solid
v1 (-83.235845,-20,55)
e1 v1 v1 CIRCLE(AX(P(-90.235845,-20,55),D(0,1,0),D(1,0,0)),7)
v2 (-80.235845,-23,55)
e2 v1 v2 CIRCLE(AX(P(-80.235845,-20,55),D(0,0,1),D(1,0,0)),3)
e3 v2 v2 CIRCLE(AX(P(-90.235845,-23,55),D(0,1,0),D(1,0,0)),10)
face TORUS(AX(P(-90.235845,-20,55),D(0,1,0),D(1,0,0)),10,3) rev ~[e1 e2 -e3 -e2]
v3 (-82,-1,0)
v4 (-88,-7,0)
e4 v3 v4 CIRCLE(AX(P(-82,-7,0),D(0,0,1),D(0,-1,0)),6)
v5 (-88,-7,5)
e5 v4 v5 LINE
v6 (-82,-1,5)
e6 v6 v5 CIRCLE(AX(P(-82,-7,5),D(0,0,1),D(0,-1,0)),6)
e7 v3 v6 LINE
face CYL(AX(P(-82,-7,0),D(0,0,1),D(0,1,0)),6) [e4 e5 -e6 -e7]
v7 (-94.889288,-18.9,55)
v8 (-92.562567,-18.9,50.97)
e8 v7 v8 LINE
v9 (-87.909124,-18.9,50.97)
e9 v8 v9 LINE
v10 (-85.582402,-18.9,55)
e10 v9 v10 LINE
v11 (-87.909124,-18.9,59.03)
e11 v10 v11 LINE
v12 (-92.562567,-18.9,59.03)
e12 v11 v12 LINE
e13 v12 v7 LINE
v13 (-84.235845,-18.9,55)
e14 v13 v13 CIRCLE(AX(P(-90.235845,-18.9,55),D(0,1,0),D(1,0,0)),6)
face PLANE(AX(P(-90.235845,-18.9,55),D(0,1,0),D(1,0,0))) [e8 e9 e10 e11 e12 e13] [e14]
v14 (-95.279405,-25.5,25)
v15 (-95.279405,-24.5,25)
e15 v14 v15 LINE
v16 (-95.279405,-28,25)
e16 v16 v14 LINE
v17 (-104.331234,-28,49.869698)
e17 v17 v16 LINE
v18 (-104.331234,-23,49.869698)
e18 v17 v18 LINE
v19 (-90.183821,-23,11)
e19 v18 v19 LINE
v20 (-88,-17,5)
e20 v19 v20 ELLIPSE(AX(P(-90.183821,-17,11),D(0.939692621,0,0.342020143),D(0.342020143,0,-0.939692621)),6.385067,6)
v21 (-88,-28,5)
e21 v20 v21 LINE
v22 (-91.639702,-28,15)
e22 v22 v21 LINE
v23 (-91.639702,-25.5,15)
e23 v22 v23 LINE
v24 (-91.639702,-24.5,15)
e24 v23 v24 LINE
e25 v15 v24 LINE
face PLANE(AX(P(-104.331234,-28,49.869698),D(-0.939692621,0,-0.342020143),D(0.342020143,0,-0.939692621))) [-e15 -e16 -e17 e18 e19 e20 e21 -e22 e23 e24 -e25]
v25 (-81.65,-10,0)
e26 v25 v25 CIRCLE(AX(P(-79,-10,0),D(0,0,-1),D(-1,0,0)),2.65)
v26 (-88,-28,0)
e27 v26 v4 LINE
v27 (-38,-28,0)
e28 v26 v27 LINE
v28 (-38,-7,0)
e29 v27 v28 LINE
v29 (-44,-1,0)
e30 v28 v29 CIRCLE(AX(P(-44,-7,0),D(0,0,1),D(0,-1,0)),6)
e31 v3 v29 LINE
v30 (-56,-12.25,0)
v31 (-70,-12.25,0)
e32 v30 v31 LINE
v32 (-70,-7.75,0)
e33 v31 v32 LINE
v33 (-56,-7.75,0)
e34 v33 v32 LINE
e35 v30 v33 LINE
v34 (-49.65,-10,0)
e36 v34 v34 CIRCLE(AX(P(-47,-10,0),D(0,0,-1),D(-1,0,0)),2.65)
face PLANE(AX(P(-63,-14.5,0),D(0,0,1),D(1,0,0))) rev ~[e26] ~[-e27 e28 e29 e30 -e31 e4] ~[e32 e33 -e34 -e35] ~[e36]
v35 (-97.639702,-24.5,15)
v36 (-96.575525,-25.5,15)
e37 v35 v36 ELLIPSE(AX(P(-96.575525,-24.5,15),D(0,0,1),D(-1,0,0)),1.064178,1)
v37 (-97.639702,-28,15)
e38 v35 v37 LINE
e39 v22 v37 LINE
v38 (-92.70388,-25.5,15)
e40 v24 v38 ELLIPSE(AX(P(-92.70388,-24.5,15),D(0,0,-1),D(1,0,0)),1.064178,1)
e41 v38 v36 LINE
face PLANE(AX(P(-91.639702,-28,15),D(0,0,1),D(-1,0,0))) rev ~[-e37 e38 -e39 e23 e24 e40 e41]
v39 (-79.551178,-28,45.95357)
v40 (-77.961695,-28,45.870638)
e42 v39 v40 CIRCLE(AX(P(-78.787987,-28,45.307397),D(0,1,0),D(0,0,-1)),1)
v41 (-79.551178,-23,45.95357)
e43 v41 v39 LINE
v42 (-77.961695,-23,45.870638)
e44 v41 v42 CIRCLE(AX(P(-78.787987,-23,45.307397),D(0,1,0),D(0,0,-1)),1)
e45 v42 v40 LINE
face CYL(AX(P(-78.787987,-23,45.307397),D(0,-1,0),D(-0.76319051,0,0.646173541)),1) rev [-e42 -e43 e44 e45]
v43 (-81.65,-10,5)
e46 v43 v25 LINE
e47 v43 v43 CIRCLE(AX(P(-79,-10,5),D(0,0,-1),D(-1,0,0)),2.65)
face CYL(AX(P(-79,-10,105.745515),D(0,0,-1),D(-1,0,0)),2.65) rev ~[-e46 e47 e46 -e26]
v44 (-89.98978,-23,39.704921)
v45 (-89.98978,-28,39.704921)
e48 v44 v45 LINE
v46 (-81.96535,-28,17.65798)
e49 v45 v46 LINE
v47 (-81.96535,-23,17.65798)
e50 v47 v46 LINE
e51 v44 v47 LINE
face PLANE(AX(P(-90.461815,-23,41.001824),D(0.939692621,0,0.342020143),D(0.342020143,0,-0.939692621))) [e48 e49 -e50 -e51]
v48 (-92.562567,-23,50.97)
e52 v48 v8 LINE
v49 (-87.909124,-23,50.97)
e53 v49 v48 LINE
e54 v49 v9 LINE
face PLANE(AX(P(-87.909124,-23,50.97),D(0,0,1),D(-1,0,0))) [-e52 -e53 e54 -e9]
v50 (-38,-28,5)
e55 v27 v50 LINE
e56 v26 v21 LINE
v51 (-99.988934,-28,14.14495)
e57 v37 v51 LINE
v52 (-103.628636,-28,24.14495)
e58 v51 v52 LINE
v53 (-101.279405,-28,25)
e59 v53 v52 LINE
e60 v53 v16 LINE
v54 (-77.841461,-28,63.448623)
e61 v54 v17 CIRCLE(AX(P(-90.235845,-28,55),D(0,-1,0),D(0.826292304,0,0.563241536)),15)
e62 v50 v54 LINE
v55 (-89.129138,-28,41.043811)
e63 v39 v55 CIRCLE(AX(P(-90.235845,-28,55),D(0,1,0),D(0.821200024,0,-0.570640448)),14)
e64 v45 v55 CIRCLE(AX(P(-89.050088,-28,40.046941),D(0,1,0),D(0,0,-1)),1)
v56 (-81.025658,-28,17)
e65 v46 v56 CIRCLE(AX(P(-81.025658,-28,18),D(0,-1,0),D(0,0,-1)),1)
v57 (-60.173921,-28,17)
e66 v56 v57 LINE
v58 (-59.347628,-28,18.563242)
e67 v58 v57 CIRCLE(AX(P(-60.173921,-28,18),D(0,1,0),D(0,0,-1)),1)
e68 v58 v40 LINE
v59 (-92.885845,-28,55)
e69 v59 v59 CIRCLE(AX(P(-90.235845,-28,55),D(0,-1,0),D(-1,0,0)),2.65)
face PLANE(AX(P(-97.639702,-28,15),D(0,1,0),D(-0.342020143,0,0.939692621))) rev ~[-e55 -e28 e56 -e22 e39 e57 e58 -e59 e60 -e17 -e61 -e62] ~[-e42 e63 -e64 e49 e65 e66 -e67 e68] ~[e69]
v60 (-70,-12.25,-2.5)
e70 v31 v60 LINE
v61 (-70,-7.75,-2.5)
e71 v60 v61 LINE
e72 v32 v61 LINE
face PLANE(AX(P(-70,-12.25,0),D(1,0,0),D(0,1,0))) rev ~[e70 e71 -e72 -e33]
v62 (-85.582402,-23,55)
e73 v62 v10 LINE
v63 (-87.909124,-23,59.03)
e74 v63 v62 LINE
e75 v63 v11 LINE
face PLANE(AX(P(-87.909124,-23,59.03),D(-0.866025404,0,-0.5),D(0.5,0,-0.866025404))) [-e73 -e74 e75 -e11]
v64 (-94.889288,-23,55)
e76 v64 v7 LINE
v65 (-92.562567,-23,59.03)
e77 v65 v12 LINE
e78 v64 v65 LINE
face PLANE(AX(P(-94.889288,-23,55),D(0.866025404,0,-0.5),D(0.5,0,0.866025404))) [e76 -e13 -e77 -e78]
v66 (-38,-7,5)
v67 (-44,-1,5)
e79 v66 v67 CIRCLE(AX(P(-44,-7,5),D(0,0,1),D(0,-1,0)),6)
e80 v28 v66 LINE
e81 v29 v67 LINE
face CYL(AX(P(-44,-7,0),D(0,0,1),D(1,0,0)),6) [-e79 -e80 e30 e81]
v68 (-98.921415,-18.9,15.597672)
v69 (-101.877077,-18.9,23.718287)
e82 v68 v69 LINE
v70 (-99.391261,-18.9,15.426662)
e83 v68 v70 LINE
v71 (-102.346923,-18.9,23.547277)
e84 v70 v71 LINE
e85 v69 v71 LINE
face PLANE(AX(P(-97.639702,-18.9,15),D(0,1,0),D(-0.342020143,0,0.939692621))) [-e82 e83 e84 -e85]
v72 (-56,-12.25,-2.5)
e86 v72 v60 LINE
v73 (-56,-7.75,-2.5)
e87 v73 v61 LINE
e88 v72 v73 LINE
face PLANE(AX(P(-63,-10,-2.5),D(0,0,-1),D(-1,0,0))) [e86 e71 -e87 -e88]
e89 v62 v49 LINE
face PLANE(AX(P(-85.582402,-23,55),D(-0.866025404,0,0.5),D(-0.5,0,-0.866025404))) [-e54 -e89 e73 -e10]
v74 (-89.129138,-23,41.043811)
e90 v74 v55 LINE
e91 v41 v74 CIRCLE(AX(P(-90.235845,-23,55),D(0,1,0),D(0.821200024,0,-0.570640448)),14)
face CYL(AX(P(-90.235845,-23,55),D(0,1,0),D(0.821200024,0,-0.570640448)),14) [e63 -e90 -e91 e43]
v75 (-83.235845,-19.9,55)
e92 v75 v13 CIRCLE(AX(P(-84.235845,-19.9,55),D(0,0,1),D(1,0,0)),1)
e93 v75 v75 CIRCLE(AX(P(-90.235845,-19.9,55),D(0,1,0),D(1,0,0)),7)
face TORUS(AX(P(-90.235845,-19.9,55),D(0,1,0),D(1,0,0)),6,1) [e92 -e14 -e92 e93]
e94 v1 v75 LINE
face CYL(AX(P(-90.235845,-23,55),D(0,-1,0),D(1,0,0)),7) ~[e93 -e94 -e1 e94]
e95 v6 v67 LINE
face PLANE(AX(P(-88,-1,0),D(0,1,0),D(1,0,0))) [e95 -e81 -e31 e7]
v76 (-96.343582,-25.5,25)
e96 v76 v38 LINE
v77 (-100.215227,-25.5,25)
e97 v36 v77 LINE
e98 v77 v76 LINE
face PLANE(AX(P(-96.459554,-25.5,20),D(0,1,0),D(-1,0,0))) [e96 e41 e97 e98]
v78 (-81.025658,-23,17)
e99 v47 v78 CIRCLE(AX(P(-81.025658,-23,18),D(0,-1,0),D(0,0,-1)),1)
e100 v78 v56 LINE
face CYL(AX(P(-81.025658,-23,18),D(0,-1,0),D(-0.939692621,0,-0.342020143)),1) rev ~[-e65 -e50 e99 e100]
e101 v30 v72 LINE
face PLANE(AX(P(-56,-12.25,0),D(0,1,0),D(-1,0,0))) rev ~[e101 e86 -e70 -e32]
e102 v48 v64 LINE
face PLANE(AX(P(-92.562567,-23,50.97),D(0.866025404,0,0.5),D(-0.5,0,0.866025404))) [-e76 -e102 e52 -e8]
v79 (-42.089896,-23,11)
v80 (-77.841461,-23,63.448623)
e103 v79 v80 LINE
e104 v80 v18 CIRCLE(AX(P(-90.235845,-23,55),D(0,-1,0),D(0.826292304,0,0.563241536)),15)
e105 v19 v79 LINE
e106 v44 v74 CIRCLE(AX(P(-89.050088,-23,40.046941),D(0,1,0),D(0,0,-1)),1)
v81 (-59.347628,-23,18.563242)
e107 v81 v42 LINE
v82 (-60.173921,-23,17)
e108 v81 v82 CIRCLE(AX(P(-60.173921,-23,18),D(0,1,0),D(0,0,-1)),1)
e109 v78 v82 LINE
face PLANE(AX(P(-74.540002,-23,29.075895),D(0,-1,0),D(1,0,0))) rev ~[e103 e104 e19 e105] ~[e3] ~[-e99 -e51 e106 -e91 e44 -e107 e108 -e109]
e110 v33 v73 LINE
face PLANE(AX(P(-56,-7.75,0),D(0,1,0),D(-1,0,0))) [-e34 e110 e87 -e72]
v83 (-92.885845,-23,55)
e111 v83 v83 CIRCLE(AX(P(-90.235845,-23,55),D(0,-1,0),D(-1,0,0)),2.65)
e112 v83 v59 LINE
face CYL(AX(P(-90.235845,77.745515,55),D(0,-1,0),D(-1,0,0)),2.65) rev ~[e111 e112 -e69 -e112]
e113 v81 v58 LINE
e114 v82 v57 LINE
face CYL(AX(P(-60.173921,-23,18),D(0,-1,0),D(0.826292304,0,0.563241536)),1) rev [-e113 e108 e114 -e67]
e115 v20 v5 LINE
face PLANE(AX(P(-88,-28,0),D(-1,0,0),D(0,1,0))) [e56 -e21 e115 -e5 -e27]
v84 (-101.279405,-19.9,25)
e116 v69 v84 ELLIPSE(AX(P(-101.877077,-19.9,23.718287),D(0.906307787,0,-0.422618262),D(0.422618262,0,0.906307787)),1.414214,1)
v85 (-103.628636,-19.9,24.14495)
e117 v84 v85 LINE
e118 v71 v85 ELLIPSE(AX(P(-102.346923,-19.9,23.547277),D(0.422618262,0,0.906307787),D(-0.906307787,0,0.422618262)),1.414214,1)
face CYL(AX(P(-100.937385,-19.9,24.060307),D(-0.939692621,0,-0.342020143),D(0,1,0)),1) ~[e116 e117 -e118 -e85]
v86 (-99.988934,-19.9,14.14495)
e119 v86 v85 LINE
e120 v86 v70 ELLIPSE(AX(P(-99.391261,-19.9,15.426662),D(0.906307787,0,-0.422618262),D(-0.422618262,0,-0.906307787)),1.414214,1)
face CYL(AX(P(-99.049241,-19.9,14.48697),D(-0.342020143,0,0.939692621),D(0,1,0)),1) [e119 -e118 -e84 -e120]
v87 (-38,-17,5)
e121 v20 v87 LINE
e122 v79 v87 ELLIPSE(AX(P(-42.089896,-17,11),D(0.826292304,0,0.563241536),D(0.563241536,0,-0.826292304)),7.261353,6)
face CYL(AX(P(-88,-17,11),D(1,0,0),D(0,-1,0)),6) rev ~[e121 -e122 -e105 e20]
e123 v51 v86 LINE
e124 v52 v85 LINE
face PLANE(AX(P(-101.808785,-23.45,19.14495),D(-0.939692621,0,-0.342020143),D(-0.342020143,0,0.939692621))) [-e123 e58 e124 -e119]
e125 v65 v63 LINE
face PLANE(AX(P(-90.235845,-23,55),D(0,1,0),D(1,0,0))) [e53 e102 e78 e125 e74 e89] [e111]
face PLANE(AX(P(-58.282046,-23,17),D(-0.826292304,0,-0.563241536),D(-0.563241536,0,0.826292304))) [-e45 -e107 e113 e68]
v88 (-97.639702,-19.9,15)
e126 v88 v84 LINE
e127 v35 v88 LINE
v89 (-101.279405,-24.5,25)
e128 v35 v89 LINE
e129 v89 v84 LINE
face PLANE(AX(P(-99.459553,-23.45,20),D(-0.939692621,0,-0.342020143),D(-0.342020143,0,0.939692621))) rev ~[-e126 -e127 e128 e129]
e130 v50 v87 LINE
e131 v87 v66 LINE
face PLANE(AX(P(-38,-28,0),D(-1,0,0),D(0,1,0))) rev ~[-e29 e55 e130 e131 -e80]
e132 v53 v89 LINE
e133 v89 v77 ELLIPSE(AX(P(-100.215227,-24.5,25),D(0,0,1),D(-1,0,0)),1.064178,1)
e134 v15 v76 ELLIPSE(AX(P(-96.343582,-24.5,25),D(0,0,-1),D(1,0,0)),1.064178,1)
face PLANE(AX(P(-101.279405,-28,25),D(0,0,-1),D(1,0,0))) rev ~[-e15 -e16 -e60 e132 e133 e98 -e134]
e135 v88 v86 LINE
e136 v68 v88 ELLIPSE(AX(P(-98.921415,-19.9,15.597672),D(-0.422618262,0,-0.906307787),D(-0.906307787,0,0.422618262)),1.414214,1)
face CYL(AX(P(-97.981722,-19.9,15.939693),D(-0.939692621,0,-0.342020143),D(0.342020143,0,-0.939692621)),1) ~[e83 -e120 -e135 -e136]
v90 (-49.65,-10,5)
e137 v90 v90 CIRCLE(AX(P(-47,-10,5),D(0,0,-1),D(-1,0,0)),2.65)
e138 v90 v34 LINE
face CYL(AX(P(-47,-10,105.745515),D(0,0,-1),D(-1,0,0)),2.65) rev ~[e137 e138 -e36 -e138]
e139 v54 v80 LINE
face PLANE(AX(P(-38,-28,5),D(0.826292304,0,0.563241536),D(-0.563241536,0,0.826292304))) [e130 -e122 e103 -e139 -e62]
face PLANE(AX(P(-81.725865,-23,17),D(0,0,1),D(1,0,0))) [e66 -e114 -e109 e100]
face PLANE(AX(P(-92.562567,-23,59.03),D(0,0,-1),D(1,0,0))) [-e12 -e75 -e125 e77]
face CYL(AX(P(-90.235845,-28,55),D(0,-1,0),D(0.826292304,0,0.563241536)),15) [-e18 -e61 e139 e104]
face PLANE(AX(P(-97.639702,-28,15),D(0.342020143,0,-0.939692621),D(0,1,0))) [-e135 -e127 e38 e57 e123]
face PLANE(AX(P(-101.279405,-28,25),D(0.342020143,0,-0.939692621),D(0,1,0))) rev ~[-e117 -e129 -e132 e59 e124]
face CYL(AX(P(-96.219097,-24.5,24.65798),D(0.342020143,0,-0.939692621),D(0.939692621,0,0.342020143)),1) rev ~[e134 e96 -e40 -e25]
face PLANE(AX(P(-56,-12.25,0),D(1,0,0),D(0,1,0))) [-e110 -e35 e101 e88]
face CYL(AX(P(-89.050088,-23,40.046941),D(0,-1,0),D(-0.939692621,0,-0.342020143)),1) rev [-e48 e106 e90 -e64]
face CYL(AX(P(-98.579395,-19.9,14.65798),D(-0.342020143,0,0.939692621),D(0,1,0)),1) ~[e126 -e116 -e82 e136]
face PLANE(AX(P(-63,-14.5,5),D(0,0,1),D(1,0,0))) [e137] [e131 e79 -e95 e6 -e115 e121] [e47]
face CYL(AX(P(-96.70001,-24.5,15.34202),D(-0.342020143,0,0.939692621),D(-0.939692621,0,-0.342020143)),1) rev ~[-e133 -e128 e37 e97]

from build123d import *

# Parameters (mm, degrees)
SKETCH3_W            = 50
SKETCH3_H            = 27
BOSS_EXTRUDE1_DEPTH  = 5
BOSS_EXTRUDE2_DEPTH  = 5
M5_CLEARANCE_HOLE1_D = 5.3
FILLET1_R            = 6
M5_CLEARANCE_HOLE2_D = 5.3
SKETCH11_R           = 7
BOSS_EXTRUDE3_DEPTH  = 4.1
CUT_EXTRUDE1_DEPTH   = 23
FILLET2_R            = 3
FILLET3_R            = 1
SKETCH12_W           = 14
SKETCH12_H           = 4.5
BOSS_EXTRUDE4_DEPTH  = 2.5
BOSS_EXTRUDE5_DEPTH  = 2.5
SKETCH14_W           = 10.641777725
SKETCH14_H           = 9.1
BOSS_EXTRUDE6_DEPTH  = 2.5
FILLET4_R            = 1
CUT_EXTRUDE2_DEPTH   = 6
FILLET5_R            = 1


with BuildPart() as part:
    # Sketch3 → Boss-Extrude1 (new body)
    with BuildSketch(Plane.XY):
        with Locations((-63, -14.5)):
            Rectangle(SKETCH3_W, SKETCH3_H)
    extrude(amount=BOSS_EXTRUDE1_DEPTH)

    # Sketch5 → Boss-Extrude2 (add)
    with BuildSketch(Plane.XZ.offset(28)):
        with BuildLine():
            Line((-38, 5), (-77.841460566, 63.448623046))
            ThreePointArc((-77.841460566, 63.448623046), (-97.078370732, 68.348402277), (-104.331234438, 49.86969785))
            Line((-104.331234438, 49.86969785), (-88, 5))
            Line((-88, 5), (-88, 0))
            Line((-88, 0), (-38, 0))
            Line((-38, 0), (-38, 5))
        make_face()
    extrude(amount=-BOSS_EXTRUDE2_DEPTH)

    # M5 Clearance Hole1 (through all)
    with Locations(Plane.XY.offset(5)):
        with Locations((-79, -10), (-47, -10)):
            Hole(M5_CLEARANCE_HOLE1_D / 2)

    # Fillet1
    fillet1_edges = [part.edges().sort_by_distance(p)[0] for p in [
        (-63, -23, 5),
        (-88, -1, 2.5),
        (-38, -1, 2.5),
    ]]
    fillet(fillet1_edges, radius=FILLET1_R)

    # M5 Clearance Hole2 (through all)
    with Locations(Plane(origin=(0, -23, 0), x_dir=(1, 0, 0), z_dir=(0, 1, 0))):
        with Locations((-90.235845126, -55)):
            Hole(M5_CLEARANCE_HOLE2_D / 2)

    # Sketch11 → Boss-Extrude3 (add)
    with BuildSketch(Plane(origin=(0, -23, 0), x_dir=(1, 0, 0), z_dir=(0, 1, 0))):
        with Locations((-90.235845126, -55)):
            Circle(SKETCH11_R)
    extrude(amount=BOSS_EXTRUDE3_DEPTH)

    # Sketch10 → Cut-Extrude1 (cut, through all)
    with BuildSketch(Plane(origin=(0, -23, 0), x_dir=(1, 0, 0), z_dir=(0, 1, 0))):
        Polygon((-92.562566711, -50.97), (-94.889288296, -55), (-92.562566711, -59.03), (-87.909123541, -59.03), (-85.582401957, -55), (-87.909123541, -50.97), align=None)
    extrude(amount=CUT_EXTRUDE1_DEPTH, mode=Mode.SUBTRACT)

    # Fillet2
    fillet2_edges = [part.edges().sort_by_distance(p)[0] for p in [
        (-97.235845126, -23, 55),
    ]]
    fillet(fillet2_edges, radius=FILLET2_R)

    # Fillet3
    fillet3_edges = [part.edges().sort_by_distance(p)[0] for p in [
        (-97.235845126, -18.9, 55),
    ]]
    fillet(fillet3_edges, radius=FILLET3_R)

    # Sketch12 → Boss-Extrude4 (add)
    with BuildSketch(Plane(origin=(0, 0, 0), x_dir=(-1, 0, 0), z_dir=(0, 0, -1))):
        with Locations((63, -10)):
            Rectangle(SKETCH12_W, SKETCH12_H)
    extrude(amount=BOSS_EXTRUDE4_DEPTH)

    # Sketch13 → Boss-Extrude5 (add)
    with BuildSketch(Plane.XZ.offset(28)):
        Polygon((-91.639702343, 15), (-97.639702343, 15), (-101.279404685, 25), (-95.279404685, 25), align=None)
    extrude(amount=-BOSS_EXTRUDE5_DEPTH)

    # Sketch14 → Boss-Extrude6 (add)
    with BuildSketch(Plane(origin=(-81.397119802, 0, -29.626128763), x_dir=(-0.342020143, 0, 0.939692621), z_dir=(-0.939692621, 0, -0.342020143))):
        with Locations((52.811023164, -23.45)):
            Rectangle(SKETCH14_W, SKETCH14_H)
    extrude(amount=BOSS_EXTRUDE6_DEPTH)

    # Fillet4
    fillet4_edges = [part.edges().sort_by_distance(p)[0] for p in [
        (-93.459553514, -25.5, 20),
        (-99.459553514, -25.5, 20),
        (-99.459553514, -18.9, 20),
        (-102.454020461, -18.9, 24.572474821),
        (-98.814318119, -18.9, 14.572474821),
        (-101.808785066, -18.9, 19.144949642),
    ]]
    fillet(fillet4_edges, radius=FILLET4_R)

    # Sketch15 → Cut-Extrude2 (cut, through all)
    with BuildSketch(Plane(origin=(0, -23, 0), x_dir=(1, 0, 0), z_dir=(0, 1, 0))):
        with BuildLine():
            Line((-81.725865086, -17), (-58.2820459, -17))
            Line((-58.2820459, -17), (-78.739044792, -47.011033729))
            ThreePointArc((-78.739044792, -47.011033729), (-83.849487894, -42.541491209), (-90.461814506, -41.001823767))
            Line((-90.461814506, -41.001823767), (-81.725865086, -17))
        make_face()
    extrude(amount=-CUT_EXTRUDE2_DEPTH, mode=Mode.SUBTRACT)

    # Fillet5
    fillet5_edges = [part.edges().sort_by_distance(p)[0] for p in [
        (-90.461814506, -25.5, 41.001823767),
        (-81.725865086, -25.5, 17),
        (-58.2820459, -25.5, 17),
        (-78.739044792, -25.5, 47.011033729),
    ]]
    fillet(fillet5_edges, radius=FILLET5_R)


solid = part.part
